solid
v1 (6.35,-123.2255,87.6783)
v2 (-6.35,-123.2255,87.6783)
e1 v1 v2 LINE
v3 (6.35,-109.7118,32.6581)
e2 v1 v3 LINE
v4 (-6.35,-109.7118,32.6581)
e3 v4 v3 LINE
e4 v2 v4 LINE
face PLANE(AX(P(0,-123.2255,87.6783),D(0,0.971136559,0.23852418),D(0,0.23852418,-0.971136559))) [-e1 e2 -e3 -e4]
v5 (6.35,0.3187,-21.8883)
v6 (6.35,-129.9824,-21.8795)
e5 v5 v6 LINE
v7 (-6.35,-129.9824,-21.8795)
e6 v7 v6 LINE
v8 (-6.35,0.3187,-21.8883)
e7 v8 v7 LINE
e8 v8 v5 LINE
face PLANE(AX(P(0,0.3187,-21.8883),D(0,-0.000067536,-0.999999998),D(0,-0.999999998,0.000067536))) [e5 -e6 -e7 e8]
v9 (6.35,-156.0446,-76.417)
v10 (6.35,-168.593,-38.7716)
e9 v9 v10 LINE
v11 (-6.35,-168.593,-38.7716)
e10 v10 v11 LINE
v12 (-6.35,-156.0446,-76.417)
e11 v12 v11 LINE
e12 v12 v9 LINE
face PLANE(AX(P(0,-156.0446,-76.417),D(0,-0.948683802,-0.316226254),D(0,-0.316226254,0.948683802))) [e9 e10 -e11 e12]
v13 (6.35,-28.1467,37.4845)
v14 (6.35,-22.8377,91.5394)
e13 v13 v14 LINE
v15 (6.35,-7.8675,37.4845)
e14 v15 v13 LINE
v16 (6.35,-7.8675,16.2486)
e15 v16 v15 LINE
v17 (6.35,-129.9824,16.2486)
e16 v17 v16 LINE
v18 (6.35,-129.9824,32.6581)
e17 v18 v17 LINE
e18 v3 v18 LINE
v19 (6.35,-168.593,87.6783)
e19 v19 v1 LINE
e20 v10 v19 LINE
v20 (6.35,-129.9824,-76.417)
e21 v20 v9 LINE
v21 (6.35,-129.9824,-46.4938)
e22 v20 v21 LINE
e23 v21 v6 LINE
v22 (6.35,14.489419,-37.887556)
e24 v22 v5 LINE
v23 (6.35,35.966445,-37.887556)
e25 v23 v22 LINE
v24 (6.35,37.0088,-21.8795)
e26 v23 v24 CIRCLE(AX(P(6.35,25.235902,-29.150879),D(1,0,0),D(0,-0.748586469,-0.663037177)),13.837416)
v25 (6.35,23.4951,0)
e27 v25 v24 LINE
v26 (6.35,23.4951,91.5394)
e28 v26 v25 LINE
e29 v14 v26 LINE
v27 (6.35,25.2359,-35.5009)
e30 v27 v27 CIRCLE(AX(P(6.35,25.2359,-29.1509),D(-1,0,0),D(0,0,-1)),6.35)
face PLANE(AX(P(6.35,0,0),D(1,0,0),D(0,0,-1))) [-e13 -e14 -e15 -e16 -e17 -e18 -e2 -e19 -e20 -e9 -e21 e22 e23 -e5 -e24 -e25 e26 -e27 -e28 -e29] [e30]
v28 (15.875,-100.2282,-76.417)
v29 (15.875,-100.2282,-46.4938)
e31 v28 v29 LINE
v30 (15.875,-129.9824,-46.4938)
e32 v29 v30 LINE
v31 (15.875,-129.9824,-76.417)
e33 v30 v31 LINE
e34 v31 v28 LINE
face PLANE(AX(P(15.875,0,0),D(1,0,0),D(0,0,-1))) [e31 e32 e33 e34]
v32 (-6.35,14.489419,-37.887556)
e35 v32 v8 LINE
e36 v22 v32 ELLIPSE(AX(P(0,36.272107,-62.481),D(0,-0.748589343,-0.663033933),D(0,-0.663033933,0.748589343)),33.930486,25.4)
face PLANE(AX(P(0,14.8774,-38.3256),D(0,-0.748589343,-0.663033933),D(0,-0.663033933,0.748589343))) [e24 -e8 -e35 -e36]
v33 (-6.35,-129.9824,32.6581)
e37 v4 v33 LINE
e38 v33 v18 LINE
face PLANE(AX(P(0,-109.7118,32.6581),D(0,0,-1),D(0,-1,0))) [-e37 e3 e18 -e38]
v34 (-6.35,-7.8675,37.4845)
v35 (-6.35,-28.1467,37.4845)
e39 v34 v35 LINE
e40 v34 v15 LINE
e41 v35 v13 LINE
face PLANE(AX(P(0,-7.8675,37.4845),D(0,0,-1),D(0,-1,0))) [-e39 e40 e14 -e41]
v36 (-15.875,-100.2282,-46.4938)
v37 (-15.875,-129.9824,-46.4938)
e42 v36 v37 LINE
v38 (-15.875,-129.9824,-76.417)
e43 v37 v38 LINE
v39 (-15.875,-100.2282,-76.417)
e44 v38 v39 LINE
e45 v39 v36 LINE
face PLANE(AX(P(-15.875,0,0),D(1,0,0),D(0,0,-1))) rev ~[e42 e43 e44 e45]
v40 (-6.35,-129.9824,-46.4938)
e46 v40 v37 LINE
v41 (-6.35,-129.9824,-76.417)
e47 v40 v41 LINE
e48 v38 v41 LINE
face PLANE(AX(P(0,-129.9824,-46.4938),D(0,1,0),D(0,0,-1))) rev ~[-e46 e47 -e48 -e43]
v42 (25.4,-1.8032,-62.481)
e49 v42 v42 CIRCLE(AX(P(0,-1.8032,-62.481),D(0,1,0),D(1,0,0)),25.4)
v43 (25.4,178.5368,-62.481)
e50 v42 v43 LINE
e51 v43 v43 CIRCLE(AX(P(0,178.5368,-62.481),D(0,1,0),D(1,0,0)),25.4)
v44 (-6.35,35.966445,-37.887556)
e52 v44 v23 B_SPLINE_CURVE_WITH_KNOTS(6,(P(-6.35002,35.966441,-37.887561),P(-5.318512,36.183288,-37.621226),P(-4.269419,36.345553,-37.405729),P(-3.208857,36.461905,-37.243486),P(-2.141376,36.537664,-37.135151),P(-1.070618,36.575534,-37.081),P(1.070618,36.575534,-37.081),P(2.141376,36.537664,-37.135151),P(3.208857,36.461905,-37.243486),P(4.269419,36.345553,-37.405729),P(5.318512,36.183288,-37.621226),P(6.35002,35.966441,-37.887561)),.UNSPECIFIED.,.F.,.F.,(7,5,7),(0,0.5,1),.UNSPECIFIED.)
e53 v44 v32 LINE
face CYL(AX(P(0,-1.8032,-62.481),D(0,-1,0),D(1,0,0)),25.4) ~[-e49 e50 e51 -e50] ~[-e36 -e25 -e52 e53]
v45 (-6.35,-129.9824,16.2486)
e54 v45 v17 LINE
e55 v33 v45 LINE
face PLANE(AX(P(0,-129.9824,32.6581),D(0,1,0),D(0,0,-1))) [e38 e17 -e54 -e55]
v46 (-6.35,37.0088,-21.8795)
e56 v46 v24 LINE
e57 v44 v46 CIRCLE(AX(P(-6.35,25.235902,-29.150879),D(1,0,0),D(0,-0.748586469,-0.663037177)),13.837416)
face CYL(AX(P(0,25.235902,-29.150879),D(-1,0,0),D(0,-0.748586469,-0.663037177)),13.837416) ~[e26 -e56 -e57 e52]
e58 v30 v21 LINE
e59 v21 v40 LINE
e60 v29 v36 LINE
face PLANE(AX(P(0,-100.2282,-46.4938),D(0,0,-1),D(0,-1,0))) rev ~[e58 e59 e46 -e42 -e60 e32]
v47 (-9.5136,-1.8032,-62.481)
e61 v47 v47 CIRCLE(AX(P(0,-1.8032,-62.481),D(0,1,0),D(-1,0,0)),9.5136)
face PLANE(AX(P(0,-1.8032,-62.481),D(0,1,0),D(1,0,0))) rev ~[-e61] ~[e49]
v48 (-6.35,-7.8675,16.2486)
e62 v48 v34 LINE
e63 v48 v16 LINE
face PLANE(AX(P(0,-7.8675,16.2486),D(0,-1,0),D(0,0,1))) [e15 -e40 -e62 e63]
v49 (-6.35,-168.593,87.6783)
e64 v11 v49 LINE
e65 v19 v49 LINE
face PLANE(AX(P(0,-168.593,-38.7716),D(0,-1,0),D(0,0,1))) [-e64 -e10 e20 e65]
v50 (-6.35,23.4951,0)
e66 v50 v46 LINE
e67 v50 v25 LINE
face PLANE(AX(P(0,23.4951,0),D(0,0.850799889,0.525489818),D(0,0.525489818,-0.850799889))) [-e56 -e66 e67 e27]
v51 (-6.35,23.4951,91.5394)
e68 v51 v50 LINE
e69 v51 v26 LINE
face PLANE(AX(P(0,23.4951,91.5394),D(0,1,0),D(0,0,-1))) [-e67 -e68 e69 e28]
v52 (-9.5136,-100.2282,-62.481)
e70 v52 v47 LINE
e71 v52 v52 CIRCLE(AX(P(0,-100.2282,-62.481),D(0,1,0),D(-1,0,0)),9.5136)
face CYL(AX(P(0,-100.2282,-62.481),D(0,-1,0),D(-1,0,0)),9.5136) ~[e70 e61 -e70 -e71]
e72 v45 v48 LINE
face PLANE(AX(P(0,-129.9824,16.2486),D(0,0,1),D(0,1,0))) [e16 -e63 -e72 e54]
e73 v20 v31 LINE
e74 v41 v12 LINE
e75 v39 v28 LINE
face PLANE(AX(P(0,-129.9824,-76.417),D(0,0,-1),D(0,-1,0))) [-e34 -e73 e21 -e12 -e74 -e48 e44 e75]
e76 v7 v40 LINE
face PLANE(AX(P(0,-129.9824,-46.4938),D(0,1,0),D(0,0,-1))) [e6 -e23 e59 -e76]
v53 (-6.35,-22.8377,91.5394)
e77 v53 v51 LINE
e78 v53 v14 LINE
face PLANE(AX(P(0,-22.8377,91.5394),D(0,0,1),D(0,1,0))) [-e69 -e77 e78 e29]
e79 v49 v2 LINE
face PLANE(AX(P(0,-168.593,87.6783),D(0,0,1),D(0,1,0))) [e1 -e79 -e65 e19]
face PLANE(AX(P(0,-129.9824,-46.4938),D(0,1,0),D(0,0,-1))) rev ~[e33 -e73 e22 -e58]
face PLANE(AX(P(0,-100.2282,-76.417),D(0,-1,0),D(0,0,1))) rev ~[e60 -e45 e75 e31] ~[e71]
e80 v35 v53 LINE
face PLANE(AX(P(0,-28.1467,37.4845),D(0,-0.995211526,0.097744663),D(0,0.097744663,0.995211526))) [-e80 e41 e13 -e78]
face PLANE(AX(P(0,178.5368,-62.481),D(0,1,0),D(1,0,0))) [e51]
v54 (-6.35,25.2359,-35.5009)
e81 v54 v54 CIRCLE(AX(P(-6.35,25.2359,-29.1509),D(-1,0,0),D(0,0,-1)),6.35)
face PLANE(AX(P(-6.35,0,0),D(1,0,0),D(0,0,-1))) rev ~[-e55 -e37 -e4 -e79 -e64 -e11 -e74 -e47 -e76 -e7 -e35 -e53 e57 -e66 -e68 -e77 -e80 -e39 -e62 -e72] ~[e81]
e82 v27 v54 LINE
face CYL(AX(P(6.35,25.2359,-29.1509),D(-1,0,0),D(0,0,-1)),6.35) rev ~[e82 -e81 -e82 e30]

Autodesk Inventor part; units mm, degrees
ref_plane "YZ Plane" through (0, 0, 0) normal (1, 0, 0) x (0, 1, 0)
ref_plane "XZ Plane" through (0, 0, 0) normal (0, 1, 0) x (-1, 0, 0)
ref_plane "XY Plane" through (0, 0, 0) normal (0, 0, 1) x (1, 0, 0)
sketch "Sketch1" plane through (0, 0, 0) normal (1, 0, 0) x (0, 0, -1)
  line L0 (76.417, -156.0446) -> (38.7716, -168.593)
  line L1 (38.7716, -168.593) -> (-87.6783, -168.593)
  line L2 (-87.6783, -168.593) -> (-87.6783, -123.2255)
  line L3 (-87.6783, -123.2255) -> (-32.6581, -109.7118)
  line L4 (-32.6581, -109.7118) -> (-32.6581, -129.9824)
  line L5 (-32.6581, -129.9824) -> (76.417, -129.9824)
  line L6 (76.417, -129.9824) -> (76.417, -156.0446)
  line L7 (-16.2486, -129.9824) -> (-16.2486, -7.8675)
  line L8 (-16.2486, -7.8675) -> (-37.4845, -7.8675)
  line L9 (-37.4845, -7.8675) -> (-37.4845, -28.1467)
  line L10 (-37.4845, -28.1467) -> (-91.5394, -22.8377)
  line L11 (-91.5394, -22.8377) -> (-91.5394, 23.4951)
  line L12 (-91.5394, 23.4951) -> (0, 23.4951)
  line L13 (0, 23.4951) -> (21.8795, 37.0088)
  arc A0 (38.3256, 14.8774) -> (21.8795, 37.0088) centre (29.1509, 25.2359) ccw
  line L14 (38.3256, 14.8774) -> (21.8883, 0.3187)
  line L15 (21.8883, 0.3187) -> (21.8795, -129.9824)
  line L16 (76.417, -129.9824) -> (76.417, -100.2282)
  line L17 (76.417, -100.2282) -> (46.4938, -100.2282)
  line L18 (46.4938, -100.2282) -> (46.4938, -129.9824)
  line L19 (46.4938, -129.9824) -> (76.417, -129.9824)
  point P0 (0, 0)
extrude "Extrusion1" add sketch "Sketch1" along normal mid plane 12.7 contours L0 L1 L2 L3 L4 L5 L6 | L5 L7 L8 L9 L10 L11 L12 L13 A0 L14 L15
extrude "Extrusion2" add sketch "Sketch1" along normal mid plane 31.75 contours L5 L18 L17 L16
sketch "Sketch2" plane through (15.875, -100.2282, -76.417) normal (0, 1, 0) x (-1, 0, 0)
  circle A0 centre (15.875, 13.936) radius 9.5136
  point P0 (15.875, 76.417)
extrude "Extrusion3" add sketch "Sketch2" along normal blind 98.425
sketch "Sketch3" plane through (0, -1.8032, -62.481) normal (0, 1, 0) x (1, 0, 0)
  circle A0 centre (0, 0) radius 25.4
  point P0 (0, -62.481)
  dimension "d6" = 50.8
extrude "Extrusion4" add sketch "Sketch3" along normal blind 180.34
sketch "Sketch4" plane through (6.35, 0, 0) normal (1, 0, 0) x (0, 0, -1)
  arc A0 (37.8876, 35.9665) -> (21.8795, 37.0088) centre (29.1509, 25.2359) ccw projected
  point P0 (0, 0)
  point P1 (22.8739, -26.7555)
hole "Hole1" at (6.35, 25.2359, -29.1509) direction (-1, 0, 0) diameter 12.7 end through all
properties part number "Sustitue Clamp"
